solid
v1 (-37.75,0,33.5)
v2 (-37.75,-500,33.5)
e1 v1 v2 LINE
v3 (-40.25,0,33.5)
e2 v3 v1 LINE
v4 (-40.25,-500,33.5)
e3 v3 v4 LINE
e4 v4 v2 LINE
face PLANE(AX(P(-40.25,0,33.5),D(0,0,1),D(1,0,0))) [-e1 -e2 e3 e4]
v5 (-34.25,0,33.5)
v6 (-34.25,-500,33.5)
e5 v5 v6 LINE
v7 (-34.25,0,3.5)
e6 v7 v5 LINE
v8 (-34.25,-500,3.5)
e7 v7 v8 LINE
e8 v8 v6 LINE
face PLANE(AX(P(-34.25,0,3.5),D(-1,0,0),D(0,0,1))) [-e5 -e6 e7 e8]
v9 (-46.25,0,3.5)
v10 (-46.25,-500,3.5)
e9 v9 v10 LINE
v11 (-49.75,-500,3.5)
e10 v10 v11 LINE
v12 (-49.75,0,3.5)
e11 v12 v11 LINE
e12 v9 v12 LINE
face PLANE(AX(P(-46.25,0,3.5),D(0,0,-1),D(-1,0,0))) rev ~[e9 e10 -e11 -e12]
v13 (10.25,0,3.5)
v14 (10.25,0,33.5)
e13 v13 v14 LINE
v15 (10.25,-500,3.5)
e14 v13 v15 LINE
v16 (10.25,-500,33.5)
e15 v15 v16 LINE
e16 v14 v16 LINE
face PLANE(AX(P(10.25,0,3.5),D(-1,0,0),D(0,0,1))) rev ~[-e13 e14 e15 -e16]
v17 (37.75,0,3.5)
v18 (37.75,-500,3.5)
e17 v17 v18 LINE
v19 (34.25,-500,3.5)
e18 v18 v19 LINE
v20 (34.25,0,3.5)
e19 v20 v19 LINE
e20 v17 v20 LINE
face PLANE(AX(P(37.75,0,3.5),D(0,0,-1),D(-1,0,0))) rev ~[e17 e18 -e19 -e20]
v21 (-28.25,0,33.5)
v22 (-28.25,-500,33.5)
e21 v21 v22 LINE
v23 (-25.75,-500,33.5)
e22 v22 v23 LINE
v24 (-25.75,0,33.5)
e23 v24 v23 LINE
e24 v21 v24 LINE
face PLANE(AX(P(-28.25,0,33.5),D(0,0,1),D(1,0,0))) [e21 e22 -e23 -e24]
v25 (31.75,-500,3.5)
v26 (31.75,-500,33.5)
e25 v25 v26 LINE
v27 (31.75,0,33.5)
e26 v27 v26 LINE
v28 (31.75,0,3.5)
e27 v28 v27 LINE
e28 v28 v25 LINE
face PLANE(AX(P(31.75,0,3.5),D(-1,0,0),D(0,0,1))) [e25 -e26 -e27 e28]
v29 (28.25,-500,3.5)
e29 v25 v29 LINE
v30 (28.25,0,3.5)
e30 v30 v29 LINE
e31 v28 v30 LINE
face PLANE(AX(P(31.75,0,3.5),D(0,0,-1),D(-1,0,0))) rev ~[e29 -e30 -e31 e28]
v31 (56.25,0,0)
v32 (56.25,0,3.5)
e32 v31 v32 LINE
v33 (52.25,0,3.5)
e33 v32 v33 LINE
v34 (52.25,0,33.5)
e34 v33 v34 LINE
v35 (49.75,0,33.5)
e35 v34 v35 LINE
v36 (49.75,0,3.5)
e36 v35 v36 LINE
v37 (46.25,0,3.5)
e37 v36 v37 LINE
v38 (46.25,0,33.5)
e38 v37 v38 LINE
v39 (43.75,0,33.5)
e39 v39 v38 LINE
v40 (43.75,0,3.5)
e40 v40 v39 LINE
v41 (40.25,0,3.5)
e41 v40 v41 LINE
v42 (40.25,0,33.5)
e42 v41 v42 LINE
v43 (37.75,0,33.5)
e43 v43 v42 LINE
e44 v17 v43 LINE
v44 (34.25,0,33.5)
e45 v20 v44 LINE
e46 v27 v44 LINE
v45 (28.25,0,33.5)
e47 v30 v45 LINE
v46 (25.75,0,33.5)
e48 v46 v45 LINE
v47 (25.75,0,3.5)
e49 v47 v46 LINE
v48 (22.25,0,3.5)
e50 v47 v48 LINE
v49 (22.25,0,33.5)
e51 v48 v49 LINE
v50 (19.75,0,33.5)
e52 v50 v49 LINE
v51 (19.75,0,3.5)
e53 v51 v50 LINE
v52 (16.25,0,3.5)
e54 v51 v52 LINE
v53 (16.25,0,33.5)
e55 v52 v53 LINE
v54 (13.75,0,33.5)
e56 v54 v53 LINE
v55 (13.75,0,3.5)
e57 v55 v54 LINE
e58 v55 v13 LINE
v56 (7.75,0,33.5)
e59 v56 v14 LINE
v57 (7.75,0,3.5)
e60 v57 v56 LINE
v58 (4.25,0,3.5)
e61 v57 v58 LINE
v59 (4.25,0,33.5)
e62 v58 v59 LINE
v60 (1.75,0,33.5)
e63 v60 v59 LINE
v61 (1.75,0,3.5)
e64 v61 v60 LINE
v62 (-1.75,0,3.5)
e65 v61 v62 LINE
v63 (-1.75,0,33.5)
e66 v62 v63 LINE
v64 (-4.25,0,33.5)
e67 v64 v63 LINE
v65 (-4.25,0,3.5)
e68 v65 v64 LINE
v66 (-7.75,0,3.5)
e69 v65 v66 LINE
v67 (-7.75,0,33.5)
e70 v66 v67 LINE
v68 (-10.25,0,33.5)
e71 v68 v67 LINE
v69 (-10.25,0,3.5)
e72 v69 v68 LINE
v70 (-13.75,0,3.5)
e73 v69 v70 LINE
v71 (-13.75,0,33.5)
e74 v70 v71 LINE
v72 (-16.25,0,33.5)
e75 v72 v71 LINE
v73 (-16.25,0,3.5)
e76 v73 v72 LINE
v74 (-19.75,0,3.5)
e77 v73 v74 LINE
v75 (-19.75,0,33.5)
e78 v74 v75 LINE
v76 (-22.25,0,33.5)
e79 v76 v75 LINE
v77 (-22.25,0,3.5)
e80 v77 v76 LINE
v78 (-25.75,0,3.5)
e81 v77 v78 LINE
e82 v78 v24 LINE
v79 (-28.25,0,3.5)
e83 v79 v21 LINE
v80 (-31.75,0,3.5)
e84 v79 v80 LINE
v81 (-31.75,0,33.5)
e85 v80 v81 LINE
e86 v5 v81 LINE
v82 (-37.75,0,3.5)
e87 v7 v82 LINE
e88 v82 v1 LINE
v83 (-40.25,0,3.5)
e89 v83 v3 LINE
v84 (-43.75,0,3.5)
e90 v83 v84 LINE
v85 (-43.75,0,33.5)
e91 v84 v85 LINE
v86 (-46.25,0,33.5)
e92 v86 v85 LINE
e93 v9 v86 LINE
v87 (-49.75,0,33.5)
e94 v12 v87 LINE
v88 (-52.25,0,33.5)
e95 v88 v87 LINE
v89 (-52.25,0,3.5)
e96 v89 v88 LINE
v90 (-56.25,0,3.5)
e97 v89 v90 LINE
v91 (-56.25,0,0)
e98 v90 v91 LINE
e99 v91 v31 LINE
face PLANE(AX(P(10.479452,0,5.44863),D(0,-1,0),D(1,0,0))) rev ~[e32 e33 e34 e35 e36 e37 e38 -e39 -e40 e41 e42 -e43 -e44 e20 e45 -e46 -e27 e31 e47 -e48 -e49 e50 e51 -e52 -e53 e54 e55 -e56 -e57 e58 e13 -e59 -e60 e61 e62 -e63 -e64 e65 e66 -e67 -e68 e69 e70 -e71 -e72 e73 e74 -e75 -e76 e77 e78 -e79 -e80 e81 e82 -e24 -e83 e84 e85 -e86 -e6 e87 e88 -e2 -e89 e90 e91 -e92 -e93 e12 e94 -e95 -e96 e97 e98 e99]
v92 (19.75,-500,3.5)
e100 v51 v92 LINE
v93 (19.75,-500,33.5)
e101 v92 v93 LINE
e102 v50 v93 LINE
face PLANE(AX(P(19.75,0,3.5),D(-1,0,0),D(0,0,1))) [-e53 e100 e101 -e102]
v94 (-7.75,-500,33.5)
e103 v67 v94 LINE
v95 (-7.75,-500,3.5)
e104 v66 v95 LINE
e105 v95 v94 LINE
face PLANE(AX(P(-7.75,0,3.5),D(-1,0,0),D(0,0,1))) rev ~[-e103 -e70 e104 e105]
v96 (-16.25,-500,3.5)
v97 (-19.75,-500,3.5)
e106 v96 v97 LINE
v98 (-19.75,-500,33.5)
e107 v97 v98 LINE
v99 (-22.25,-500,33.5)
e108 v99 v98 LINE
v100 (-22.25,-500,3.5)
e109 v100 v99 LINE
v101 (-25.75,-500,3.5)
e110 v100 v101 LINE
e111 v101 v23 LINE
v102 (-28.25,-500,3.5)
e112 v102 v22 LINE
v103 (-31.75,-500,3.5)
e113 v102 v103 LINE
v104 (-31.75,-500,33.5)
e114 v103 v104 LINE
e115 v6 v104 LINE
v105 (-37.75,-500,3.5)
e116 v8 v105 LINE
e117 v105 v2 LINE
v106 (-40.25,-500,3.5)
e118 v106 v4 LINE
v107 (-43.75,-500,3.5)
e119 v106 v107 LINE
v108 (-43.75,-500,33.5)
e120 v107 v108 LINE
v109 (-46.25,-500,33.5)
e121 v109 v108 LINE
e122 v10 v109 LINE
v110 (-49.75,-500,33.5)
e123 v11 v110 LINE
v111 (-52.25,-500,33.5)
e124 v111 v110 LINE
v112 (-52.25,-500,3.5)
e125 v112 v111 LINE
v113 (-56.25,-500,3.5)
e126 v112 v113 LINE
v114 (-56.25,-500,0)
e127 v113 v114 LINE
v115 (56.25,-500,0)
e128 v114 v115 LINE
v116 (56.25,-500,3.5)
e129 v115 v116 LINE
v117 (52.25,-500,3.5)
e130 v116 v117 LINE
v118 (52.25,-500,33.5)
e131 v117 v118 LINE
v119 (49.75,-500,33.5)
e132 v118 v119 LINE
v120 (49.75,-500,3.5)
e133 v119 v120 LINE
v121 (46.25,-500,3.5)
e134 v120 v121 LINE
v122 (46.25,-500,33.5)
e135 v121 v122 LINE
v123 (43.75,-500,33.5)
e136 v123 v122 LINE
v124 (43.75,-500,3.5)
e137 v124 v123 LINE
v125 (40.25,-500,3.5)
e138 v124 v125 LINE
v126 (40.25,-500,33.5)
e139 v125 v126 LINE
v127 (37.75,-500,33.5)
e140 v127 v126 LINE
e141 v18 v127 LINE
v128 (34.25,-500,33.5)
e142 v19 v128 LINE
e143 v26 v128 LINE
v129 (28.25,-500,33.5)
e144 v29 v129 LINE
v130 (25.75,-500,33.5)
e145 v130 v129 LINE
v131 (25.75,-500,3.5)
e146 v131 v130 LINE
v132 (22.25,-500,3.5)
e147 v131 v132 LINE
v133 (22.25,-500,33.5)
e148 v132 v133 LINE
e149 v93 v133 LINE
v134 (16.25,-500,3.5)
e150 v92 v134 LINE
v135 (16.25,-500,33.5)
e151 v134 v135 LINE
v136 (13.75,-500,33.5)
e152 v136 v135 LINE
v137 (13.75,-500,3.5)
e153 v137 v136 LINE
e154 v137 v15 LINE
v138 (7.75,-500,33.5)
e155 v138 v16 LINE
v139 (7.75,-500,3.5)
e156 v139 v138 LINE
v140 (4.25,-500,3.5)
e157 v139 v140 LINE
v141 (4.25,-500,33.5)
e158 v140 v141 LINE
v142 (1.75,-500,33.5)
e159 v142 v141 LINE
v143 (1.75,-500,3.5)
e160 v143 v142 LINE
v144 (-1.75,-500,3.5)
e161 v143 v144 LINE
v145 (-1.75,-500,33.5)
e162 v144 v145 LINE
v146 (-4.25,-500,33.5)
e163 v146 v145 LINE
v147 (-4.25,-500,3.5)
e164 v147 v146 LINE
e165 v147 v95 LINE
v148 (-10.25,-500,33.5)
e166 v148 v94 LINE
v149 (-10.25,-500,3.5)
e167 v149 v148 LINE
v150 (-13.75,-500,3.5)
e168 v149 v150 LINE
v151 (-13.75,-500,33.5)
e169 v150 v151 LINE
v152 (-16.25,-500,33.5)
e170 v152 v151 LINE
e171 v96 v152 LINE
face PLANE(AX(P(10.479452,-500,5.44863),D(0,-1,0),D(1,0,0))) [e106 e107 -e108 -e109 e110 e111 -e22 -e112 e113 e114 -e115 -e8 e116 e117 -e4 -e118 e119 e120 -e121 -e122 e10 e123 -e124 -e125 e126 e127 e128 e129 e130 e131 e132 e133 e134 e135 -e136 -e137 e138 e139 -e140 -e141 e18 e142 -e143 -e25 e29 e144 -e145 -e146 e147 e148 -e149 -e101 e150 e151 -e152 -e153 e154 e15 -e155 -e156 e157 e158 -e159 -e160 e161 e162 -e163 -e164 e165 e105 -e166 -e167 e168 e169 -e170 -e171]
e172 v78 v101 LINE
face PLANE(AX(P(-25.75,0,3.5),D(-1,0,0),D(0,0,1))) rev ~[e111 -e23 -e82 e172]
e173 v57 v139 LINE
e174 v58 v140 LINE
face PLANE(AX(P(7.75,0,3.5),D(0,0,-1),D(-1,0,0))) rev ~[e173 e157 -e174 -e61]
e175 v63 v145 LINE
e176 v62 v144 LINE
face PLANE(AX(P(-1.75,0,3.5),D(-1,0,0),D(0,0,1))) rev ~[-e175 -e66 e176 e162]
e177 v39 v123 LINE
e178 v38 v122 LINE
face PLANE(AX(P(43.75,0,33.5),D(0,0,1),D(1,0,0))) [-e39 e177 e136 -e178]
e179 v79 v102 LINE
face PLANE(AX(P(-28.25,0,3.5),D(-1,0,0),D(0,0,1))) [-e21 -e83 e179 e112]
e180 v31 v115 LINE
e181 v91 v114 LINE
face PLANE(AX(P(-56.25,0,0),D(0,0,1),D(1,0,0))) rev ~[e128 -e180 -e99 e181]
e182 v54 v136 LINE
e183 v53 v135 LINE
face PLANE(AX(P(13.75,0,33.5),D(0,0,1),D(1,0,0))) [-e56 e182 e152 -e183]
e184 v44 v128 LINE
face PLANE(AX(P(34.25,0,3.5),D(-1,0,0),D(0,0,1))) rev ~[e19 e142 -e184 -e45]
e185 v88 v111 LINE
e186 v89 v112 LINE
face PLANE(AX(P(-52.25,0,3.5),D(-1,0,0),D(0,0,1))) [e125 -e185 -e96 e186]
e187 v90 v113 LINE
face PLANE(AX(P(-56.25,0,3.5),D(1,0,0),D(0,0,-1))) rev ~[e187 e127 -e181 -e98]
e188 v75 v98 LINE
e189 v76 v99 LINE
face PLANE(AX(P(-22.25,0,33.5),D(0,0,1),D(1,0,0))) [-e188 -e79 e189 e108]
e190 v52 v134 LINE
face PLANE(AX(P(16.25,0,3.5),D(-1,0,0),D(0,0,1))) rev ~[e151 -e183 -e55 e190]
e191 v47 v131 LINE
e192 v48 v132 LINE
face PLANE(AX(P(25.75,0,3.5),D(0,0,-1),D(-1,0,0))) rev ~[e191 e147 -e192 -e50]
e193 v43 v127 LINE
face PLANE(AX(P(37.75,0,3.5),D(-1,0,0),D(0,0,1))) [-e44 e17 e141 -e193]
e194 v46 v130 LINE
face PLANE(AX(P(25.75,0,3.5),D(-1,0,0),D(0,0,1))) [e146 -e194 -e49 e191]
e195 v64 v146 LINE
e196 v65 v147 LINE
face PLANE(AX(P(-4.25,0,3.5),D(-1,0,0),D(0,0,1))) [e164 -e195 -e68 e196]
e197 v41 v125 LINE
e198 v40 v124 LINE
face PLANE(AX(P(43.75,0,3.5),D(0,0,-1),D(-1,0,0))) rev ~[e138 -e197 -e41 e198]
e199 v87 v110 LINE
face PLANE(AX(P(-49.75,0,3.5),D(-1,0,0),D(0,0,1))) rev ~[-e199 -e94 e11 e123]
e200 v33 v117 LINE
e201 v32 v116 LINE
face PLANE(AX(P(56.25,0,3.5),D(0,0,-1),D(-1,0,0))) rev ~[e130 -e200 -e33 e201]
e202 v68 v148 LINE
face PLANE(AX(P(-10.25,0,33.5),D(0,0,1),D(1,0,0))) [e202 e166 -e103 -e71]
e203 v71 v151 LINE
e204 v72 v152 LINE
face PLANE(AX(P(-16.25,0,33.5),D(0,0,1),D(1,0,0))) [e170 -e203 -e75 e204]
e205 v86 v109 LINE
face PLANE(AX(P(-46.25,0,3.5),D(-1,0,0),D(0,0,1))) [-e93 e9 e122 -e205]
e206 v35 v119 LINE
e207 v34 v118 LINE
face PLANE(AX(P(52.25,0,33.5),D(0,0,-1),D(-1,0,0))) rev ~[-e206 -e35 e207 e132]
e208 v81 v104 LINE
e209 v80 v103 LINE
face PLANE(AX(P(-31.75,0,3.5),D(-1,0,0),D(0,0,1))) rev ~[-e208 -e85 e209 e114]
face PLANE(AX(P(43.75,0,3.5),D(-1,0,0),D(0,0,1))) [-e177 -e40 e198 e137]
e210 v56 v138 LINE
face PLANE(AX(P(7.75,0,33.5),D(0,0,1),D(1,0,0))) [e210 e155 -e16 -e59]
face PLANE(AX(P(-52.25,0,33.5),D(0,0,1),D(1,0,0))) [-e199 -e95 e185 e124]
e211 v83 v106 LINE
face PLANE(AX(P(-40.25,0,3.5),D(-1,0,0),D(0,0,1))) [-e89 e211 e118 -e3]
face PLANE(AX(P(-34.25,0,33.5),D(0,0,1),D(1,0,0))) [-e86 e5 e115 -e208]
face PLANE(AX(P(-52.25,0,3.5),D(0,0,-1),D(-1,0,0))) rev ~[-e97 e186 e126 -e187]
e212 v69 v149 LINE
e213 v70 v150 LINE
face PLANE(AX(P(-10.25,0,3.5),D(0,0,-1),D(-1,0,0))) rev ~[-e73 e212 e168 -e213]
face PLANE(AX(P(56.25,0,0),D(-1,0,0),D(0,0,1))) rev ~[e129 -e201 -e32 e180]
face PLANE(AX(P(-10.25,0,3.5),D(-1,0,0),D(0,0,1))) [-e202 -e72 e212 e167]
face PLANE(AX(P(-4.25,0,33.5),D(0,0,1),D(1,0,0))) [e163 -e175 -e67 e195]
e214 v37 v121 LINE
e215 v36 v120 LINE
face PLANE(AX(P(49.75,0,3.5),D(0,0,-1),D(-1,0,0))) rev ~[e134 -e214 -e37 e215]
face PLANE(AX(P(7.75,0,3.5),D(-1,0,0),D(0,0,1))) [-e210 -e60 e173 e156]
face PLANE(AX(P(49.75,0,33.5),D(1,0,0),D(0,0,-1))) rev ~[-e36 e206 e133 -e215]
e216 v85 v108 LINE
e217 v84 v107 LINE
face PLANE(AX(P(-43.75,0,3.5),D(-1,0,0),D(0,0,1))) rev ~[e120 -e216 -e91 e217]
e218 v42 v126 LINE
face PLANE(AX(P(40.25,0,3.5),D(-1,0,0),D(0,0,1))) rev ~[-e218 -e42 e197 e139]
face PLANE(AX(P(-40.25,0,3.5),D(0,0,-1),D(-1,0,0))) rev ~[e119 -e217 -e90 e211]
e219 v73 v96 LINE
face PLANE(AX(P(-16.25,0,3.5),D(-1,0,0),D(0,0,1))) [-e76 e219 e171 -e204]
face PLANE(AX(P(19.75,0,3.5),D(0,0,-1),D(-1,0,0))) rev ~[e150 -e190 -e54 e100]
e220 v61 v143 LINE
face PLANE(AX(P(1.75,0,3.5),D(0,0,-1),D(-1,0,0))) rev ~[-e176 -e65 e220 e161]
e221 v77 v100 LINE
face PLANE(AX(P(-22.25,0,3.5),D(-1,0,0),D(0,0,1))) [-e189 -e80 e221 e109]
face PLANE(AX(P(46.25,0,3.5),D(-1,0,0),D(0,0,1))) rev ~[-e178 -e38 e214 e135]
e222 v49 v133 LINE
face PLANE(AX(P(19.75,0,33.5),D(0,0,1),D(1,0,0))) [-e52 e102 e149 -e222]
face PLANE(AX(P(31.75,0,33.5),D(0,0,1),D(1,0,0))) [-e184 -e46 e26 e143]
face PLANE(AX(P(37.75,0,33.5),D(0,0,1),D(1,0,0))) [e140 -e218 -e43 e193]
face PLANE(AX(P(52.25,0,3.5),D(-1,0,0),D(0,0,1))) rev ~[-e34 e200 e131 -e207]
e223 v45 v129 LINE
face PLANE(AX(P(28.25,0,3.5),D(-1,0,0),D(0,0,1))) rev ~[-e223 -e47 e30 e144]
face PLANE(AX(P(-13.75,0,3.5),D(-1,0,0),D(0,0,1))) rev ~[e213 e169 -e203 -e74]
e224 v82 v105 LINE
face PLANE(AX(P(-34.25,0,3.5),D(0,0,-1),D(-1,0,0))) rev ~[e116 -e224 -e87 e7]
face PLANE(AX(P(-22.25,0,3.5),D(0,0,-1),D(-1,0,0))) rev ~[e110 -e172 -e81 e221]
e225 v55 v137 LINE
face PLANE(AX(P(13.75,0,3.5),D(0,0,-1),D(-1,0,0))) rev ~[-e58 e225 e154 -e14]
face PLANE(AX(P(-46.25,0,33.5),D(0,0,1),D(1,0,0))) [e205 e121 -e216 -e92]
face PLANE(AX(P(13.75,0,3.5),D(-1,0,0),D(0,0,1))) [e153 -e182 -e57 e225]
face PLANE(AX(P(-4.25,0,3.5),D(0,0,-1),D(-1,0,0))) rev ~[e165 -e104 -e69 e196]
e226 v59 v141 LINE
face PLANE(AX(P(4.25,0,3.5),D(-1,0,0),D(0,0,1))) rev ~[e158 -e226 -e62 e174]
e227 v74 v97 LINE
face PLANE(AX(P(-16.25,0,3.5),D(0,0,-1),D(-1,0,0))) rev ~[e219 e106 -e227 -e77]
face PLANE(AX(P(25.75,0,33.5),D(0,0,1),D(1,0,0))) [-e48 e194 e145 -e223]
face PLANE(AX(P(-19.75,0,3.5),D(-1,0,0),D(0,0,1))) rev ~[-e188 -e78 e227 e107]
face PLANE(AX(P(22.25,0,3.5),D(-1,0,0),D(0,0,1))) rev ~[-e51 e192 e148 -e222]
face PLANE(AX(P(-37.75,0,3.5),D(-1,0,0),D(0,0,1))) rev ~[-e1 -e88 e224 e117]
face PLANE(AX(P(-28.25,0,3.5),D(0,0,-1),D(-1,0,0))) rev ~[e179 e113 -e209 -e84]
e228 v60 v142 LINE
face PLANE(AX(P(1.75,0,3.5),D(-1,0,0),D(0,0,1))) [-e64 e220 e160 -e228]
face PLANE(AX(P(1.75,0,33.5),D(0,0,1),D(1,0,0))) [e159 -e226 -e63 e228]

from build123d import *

# Parameters (mm, degrees)
F0_W     = 2.5
F0_H     = 30
F1_DEPTH = 500


with BuildPart() as f1:
    # F0 (on Front) → F1 (new body)
    with BuildSketch(Plane.XZ):
        Polygon((-56.25, 0), (0, 0), (56.25, 0), (56.25, 3.5), (52.25, 3.5), (52.25, 33.5), (49.75, 33.5), (49.75, 3.5), (46.25, 3.5), (43.75, 3.5), (40.25, 3.5), (37.75, 3.5), (34.25, 3.5), (31.75, 3.5), (28.25, 3.5), (25.75, 3.5), (22.25, 3.5), (19.75, 3.5), (16.25, 3.5), (13.75, 3.5), (10.25, 3.5), (7.75, 3.5), (4.25, 3.5), (1.75, 3.5), (-1.75, 3.5), (-4.25, 3.5), (-7.75, 3.5), (-10.25, 3.5), (-13.75, 3.5), (-16.25, 3.5), (-19.75, 3.5), (-22.25, 3.5), (-25.75, 3.5), (-28.25, 3.5), (-31.75, 3.5), (-34.25, 3.5), (-37.75, 3.5), (-40.25, 3.5), (-43.75, 3.5), (-46.25, 3.5), (-49.75, 3.5), (-52.25, 3.5), (-56.25, 3.5), align=None)
        with Locations((-51, 18.5)):
            Rectangle(F0_W, F0_H)
        with Locations((-45, 18.5)):
            Rectangle(F0_W, F0_H)
        with Locations((45, 18.5)):
            Rectangle(F0_W, F0_H)
        with Locations((-39, 18.5)):
            Rectangle(F0_W, F0_H)
        with Locations((39, 18.5)):
            Rectangle(F0_W, F0_H)
        with Locations((-33, 18.5)):
            Rectangle(F0_W, F0_H)
        with Locations((33, 18.5)):
            Rectangle(F0_W, F0_H)
        with Locations((-27, 18.5)):
            Rectangle(F0_W, F0_H)
        with Locations((27, 18.5)):
            Rectangle(F0_W, F0_H)
        with Locations((-21, 18.5)):
            Rectangle(F0_W, F0_H)
        with Locations((21, 18.5)):
            Rectangle(F0_W, F0_H)
        with Locations((-15, 18.5)):
            Rectangle(F0_W, F0_H)
        with Locations((15, 18.5)):
            Rectangle(F0_W, F0_H)
        with Locations((-9, 18.5)):
            Rectangle(F0_W, F0_H)
        with Locations((9, 18.5)):
            Rectangle(F0_W, F0_H)
        with Locations((-3, 18.5)):
            Rectangle(F0_W, F0_H)
        with Locations((3, 18.5)):
            Rectangle(F0_W, F0_H)
    extrude(amount=F1_DEPTH)


solid = f1.part
